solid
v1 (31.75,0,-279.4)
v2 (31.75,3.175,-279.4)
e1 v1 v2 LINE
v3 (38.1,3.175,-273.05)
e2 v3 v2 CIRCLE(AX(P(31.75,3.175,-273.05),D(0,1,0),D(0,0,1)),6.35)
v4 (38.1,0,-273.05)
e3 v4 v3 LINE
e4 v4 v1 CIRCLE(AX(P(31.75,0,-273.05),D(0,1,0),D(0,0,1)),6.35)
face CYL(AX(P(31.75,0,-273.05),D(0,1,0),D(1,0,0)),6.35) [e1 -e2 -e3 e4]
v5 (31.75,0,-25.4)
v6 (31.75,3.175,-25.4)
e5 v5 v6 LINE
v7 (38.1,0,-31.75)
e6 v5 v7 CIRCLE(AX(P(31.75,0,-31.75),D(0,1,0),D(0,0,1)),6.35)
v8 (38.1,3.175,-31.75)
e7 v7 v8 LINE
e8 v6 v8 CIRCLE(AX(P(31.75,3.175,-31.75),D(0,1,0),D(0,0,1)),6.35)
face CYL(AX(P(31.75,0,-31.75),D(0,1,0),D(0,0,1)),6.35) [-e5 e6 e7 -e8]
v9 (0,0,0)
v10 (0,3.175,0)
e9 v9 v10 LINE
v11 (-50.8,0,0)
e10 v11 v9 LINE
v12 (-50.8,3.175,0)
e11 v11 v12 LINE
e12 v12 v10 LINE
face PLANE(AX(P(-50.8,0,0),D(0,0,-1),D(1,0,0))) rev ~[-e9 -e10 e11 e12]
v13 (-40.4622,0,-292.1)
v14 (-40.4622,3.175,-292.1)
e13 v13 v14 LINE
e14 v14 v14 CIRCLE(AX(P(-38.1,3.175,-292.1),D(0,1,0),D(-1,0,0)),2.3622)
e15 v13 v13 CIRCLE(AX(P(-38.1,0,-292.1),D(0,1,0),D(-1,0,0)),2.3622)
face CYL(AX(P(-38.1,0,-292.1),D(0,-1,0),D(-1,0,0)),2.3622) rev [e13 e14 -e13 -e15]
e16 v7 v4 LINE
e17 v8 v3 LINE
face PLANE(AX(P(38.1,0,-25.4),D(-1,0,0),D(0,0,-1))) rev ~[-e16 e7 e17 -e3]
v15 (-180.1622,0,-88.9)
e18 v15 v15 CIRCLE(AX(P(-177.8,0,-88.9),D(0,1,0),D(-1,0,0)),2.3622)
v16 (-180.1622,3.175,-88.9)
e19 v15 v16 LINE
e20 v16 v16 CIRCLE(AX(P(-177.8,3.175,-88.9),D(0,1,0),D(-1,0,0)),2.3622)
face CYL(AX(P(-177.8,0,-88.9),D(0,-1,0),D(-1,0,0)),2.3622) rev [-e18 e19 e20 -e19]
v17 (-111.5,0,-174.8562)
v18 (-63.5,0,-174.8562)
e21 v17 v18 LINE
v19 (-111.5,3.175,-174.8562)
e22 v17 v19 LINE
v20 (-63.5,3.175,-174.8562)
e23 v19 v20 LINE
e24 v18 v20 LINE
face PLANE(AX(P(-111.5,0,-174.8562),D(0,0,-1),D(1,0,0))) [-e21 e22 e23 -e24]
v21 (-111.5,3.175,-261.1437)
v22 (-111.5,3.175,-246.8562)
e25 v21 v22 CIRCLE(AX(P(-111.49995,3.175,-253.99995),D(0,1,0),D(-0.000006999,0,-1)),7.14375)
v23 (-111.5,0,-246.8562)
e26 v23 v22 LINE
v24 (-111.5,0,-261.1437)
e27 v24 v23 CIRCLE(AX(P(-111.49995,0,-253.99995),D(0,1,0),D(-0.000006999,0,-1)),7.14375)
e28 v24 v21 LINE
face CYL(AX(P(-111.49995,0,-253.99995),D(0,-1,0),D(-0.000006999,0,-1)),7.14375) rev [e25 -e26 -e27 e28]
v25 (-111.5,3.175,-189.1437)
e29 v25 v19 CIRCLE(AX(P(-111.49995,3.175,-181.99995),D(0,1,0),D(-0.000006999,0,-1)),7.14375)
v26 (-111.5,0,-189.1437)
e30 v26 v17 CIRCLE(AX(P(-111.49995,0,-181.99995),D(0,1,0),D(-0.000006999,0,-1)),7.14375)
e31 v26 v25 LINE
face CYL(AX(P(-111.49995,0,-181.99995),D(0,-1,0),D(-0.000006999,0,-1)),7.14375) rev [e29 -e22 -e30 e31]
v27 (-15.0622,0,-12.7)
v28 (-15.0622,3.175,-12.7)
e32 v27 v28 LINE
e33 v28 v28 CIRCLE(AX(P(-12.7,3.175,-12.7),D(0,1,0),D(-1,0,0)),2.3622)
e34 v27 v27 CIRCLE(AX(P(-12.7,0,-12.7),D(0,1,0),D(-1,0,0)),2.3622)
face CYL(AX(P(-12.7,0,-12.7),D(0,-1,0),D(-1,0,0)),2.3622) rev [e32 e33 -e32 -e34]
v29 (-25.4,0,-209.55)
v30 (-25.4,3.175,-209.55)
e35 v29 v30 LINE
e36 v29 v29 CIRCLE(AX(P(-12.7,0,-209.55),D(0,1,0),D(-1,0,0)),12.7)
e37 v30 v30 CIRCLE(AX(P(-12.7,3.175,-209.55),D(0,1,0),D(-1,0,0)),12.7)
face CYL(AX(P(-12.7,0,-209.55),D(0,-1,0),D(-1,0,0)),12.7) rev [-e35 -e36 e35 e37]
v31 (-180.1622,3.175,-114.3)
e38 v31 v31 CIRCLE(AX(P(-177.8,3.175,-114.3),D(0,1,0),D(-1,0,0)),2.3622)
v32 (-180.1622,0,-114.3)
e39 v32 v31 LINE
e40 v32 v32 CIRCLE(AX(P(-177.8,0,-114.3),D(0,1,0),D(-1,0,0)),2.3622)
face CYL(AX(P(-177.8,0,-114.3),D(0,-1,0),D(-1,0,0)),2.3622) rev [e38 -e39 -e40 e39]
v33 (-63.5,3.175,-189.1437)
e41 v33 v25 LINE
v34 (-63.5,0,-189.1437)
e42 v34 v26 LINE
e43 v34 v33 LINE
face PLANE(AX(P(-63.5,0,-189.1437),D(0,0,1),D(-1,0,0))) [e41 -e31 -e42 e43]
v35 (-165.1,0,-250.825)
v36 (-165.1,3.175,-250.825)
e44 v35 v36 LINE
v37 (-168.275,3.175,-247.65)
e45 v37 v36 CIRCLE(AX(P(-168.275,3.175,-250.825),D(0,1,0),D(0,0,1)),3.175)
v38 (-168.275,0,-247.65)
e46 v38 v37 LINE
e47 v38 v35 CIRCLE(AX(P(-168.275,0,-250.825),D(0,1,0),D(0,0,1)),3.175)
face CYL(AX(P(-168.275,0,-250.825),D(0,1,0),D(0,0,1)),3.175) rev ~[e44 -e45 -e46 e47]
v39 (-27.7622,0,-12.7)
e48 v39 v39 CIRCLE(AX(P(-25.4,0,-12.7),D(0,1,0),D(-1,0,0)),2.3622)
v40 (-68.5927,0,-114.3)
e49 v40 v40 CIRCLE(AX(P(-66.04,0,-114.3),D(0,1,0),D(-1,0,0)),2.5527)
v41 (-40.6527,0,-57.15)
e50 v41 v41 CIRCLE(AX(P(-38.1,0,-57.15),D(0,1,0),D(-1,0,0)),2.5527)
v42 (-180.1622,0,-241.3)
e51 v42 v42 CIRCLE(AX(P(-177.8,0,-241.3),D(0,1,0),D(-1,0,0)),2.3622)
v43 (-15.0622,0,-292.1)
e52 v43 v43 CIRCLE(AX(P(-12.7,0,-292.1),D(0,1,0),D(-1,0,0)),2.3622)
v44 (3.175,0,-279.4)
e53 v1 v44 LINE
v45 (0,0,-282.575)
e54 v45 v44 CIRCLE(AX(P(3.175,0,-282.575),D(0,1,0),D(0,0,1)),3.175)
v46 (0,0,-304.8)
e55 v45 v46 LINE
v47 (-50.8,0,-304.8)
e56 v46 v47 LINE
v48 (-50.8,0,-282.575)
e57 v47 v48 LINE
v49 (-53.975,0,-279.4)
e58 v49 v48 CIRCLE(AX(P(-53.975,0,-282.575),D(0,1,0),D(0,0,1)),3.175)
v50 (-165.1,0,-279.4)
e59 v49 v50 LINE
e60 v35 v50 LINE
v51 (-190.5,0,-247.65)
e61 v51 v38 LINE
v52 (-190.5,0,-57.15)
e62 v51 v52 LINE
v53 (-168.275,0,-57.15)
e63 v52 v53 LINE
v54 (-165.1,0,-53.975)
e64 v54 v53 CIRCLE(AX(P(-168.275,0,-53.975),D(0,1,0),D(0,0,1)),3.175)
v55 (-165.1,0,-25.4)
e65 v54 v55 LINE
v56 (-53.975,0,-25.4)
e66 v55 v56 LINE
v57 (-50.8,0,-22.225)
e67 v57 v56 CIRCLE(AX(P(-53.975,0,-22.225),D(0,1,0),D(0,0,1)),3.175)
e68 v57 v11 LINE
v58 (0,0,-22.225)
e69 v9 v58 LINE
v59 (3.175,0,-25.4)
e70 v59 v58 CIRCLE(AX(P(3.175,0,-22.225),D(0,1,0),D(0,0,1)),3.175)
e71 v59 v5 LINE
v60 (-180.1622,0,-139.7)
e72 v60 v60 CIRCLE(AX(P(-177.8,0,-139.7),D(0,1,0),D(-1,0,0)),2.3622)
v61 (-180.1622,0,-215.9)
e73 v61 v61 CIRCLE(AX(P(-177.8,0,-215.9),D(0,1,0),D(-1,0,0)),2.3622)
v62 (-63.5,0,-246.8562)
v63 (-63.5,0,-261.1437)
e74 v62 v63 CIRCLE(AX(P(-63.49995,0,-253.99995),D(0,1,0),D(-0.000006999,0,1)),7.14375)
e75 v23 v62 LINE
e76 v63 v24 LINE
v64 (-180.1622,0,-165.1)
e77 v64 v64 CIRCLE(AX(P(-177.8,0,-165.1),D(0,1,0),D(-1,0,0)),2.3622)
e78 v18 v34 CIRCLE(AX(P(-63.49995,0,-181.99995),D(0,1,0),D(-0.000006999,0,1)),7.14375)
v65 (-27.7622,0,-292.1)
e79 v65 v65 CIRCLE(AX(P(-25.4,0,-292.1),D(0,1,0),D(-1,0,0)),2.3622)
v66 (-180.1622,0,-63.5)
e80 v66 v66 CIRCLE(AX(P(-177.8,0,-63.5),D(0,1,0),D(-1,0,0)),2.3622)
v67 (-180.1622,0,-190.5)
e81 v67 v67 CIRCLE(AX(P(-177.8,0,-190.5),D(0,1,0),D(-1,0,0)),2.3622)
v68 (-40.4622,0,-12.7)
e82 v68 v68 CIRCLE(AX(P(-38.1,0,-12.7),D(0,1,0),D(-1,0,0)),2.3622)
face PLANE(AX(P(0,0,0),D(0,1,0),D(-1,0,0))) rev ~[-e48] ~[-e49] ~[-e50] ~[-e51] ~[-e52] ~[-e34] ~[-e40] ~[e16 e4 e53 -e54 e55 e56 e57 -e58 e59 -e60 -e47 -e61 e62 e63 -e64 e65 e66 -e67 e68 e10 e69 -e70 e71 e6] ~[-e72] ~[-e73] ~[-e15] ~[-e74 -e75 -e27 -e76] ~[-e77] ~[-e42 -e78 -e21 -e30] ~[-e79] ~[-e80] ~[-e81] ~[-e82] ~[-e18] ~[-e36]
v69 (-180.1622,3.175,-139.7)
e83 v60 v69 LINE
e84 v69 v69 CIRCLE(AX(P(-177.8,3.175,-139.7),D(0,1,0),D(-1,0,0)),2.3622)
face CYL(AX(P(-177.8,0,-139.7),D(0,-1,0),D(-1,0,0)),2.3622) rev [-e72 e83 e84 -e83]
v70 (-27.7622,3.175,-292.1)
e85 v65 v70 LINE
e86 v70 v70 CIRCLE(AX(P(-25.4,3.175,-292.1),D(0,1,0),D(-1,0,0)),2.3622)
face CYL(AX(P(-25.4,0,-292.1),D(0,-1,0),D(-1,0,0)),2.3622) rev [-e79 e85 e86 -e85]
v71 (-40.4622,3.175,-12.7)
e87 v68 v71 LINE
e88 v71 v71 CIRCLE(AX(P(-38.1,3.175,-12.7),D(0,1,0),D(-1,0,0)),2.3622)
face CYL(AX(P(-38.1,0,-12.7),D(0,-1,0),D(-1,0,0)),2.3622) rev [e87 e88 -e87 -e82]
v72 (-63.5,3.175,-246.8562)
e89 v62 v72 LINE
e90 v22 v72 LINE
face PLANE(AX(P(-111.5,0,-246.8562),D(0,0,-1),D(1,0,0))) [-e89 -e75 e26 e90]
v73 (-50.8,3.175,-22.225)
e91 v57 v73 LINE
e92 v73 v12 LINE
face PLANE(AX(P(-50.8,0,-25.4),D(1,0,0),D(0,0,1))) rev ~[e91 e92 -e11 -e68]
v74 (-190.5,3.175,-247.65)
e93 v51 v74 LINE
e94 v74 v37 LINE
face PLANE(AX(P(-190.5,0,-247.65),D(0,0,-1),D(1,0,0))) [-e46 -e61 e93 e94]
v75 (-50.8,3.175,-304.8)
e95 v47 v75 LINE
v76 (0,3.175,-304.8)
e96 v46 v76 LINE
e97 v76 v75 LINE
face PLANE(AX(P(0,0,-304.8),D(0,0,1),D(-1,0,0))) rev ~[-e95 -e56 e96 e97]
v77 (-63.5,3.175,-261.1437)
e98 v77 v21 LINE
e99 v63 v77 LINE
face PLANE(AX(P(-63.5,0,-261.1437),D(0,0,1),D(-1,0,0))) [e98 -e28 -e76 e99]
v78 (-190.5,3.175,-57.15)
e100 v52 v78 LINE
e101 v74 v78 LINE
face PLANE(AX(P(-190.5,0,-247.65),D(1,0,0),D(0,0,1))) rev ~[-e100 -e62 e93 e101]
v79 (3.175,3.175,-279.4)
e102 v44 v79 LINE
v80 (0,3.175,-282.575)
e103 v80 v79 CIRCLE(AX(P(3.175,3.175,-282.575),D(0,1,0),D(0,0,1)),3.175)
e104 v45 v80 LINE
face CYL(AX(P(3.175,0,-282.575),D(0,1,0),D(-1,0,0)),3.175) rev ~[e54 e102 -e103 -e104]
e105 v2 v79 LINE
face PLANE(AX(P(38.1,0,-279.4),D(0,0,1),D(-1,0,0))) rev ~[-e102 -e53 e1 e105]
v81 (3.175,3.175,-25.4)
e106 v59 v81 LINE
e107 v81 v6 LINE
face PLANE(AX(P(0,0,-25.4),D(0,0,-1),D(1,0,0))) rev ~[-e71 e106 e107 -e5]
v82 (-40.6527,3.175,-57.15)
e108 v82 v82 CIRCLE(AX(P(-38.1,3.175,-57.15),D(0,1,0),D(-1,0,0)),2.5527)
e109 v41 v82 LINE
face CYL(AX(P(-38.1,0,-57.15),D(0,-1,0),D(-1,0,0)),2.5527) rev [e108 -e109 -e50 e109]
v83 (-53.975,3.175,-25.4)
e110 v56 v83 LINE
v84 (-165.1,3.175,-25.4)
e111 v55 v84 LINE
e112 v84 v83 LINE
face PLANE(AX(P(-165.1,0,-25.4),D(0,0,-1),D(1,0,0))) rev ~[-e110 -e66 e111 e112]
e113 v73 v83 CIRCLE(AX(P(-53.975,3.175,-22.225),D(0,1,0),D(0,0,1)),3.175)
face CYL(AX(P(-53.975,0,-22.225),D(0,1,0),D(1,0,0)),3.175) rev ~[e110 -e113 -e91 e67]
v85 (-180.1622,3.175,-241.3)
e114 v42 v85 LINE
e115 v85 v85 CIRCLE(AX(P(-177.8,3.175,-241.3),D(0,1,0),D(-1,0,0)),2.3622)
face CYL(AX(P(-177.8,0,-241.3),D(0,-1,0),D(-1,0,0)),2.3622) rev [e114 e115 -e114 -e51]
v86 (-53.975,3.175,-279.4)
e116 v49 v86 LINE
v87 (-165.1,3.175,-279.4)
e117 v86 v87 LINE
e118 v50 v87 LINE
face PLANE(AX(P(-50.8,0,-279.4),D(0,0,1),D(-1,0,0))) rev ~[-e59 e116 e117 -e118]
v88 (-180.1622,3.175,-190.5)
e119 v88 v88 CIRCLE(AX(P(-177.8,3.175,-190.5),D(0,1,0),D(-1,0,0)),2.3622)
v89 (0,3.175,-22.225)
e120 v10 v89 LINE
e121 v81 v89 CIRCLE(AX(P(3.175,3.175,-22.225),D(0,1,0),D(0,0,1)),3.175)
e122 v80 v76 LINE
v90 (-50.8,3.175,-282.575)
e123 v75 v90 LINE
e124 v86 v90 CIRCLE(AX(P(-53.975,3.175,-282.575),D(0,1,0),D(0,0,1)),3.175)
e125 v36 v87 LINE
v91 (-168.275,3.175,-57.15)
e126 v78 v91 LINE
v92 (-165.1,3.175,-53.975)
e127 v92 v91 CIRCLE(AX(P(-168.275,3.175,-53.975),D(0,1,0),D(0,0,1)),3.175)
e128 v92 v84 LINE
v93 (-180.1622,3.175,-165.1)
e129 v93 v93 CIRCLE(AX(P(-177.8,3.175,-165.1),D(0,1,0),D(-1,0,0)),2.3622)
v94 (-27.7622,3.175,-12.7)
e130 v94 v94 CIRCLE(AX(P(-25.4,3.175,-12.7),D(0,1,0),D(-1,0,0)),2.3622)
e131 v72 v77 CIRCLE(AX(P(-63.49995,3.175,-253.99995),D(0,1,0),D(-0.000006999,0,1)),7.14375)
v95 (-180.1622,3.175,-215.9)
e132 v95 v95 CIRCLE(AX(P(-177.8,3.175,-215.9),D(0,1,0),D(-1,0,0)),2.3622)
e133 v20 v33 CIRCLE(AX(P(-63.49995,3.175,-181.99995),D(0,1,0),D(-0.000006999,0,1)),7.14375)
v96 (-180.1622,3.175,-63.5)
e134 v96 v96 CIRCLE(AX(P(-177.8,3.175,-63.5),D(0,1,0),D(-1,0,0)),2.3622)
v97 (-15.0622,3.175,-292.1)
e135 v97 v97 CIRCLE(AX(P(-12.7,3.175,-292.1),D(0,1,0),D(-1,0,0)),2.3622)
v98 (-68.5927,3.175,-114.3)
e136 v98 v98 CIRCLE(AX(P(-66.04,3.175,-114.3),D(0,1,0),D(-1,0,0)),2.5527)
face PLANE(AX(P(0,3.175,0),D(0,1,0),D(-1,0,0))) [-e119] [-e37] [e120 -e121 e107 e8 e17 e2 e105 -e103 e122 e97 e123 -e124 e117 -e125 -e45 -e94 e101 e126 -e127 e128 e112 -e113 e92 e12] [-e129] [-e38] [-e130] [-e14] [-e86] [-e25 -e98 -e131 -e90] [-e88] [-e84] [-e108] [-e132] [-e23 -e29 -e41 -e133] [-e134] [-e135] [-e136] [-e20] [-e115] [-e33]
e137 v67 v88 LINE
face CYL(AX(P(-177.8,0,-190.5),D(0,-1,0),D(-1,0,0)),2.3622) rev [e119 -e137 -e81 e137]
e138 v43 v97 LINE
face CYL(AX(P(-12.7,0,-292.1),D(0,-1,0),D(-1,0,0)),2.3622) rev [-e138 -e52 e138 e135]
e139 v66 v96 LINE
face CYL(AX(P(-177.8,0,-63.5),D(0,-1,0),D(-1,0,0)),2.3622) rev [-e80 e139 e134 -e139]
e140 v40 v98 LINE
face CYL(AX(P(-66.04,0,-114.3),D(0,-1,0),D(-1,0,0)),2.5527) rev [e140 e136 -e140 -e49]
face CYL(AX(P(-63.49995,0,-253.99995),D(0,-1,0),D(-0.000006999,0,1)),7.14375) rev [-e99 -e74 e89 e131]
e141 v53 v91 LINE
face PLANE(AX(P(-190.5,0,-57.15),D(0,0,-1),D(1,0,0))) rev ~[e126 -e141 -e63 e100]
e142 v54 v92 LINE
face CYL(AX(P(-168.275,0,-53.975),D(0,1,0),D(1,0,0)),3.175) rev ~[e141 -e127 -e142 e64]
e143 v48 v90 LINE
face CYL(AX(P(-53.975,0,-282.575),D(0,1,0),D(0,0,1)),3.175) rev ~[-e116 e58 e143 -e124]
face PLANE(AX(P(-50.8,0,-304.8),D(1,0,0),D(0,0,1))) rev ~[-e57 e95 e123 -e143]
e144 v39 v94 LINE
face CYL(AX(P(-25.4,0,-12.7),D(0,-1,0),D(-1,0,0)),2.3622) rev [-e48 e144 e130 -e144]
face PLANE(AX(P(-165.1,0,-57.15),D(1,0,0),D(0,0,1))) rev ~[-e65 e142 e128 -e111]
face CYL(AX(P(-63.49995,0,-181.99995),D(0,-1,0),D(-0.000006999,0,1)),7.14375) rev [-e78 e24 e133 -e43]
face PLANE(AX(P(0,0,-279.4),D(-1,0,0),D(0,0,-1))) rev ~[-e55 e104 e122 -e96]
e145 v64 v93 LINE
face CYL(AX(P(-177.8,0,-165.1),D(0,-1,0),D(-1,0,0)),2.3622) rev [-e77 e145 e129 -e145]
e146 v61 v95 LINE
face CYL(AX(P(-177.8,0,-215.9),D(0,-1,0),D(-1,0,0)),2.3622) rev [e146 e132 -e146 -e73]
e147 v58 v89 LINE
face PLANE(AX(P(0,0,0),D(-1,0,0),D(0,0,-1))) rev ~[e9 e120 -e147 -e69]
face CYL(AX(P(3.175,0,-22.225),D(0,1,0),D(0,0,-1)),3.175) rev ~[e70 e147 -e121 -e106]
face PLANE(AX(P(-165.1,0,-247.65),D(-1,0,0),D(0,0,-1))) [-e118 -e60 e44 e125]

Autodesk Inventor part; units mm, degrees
ref_plane "YZ Plane" through (0, 0, 0) normal (1, 0, 0) x (0, 1, 0)
ref_plane "XZ Plane" through (0, 0, 0) normal (0, 1, 0) x (-1, 0, 0)
ref_plane "XY Plane" through (0, 0, 0) normal (0, 0, 1) x (1, 0, 0)
sketch "Sketch1" plane through (0, 0, 0) normal (0, 1, 0) x (-1, 0, 0)
  line L0 (-38.1, -25.4) -> (-38.1, -279.4)
  line L1 (0, -304.8) -> (50.8, -304.8)
  line L2 (50.8, -304.8) -> (50.8, -279.4)
  line L3 (50.8, -279.4) -> (190.5, -279.4)
  line L4 (190.5, -279.4) -> (190.5, -25.4)
  line L5 (190.5, -25.4) -> (50.8, -25.4)
  line L6 (50.8, -25.4) -> (50.8, 0)
  line L7 (50.8, 0) -> (0, 0)
  circle A0 centre (38.1, -12.7) radius 2.3622
  circle A1 centre (25.4, -12.7) radius 2.3622
  circle A2 centre (12.7, -12.7) radius 2.3622
  line L8 (-38.1, -152.4) -> (190.5, -152.4) construction
  circle A3 centre (177.8, -139.7) radius 2.3622
  circle A4 centre (177.8, -114.3) radius 2.3622
  circle A5 centre (177.8, -88.9) radius 2.3622
  circle A6 centre (177.8, -63.5) radius 2.3622
  circle A7 centre (38.1, -292.1) radius 2.3622
  circle A8 centre (25.4, -292.1) radius 2.3622
  circle A9 centre (12.7, -292.1) radius 2.3622
  circle A10 centre (177.8, -165.1) radius 2.3622
  circle A11 centre (177.8, -190.5) radius 2.3622
  circle A12 centre (177.8, -215.9) radius 2.3622
  circle A13 centre (177.8, -241.3) radius 2.3622
  line L9 (0, 0) -> (0, -25.4)
  line L10 (0, -25.4) -> (-38.1, -25.4)
  line L11 (-38.1, -279.4) -> (0, -279.4)
  line L12 (0, -279.4) -> (0, -304.8)
  line L13 (190.5, -57.15) -> (165.1, -57.15)
  line L14 (165.1, -57.15) -> (165.1, -25.4)
  line L15 (190.5, -247.65) -> (165.1, -247.65)
  line L16 (165.1, -247.65) -> (165.1, -279.4)
  circle A14 centre (66.04, -114.3) radius 2.5527
  circle A15 centre (38.1, -57.15) radius 2.5527
  circle A16 centre (12.7, -209.55) radius 12.7
  circle A17 centre (12.7, -209.55) radius 28.575 construction
  line L17 (111.5, -254) -> (111.5, -182) construction
  line L18 (111.5, -182) -> (63.5, -182) construction
  line L19 (63.5, -182) -> (63.5, -254) construction
  line L20 (63.5, -254) -> (111.5, -254) construction
  line L21 (111.5, -254) -> (63.5, -254) construction
  line L22 (111.5, -246.8562) -> (63.5, -246.8562)
  line L23 (63.5, -261.1437) -> (111.5, -261.1437)
  arc A18 (111.5, -261.1437) -> (111.5, -246.8562) centre (111.5, -254) ccw
  arc A19 (63.5, -246.8562) -> (63.5, -261.1437) centre (63.5, -254) ccw
  line L24 (111.5, -182) -> (63.5, -182) construction
  line L25 (111.5, -174.8562) -> (63.5, -174.8562)
  line L26 (63.5, -189.1437) -> (111.5, -189.1437)
  arc A20 (111.5, -189.1437) -> (111.5, -174.8562) centre (111.5, -182) ccw
  arc A21 (63.5, -174.8562) -> (63.5, -189.1437) centre (63.5, -182) ccw
  point P0 (177.8, -279.4)
  point P1 (120.65, -279.4)
  point P2 (87.5, -254)
  point P3 (87.5, -182)
  dimension "d0" = 254
  dimension "d1" = 50.8
  dimension "d2" = 25.4
  dimension "d4" = 12.7
  dimension "d5" = 12.7
  dimension "d6" = 12.7
  dimension "d7" = 12.7
  dimension "d8" = 4.7244
  dimension "d9" = 12.7
  dimension "d10" = 12.7
  dimension "d13" = 25.4
  dimension "d20" = 228.6
  dimension "d21" = 38.1
  dimension "d22" = 25.4
  dimension "d23" = 6.35
  dimension "d25" = 5.1054
  dimension "d28" = 57.15
  dimension "d29" = 27.94
  dimension "d31" = 25.4
  dimension "d32" = 57.15
  dimension "d33" = 152.4
  dimension "d34" = 69.85
  dimension "d35" = 72
  dimension "d36" = 48
  dimension "d37" = 14.2875
  dimension "d38" = 14.2875
  dimension "d42" = 38.1
  dimension "d43" = 31.75
  dimension "d44" = 0
  dimension "d45" = 25.4
  dimension "d46" = 63.5
extrude "Extrusion1" add sketch "Sketch1" along normal blind 3.175 contours L10 L9 L7 L6 L5 L14 L13 L4 L15 L16 L3 L2 L1 L12 L11 L0
fillet "Fillet1" radius 3.175 6 edges at (-165.1, 1.5875, -57.15) (-165.1, 1.5875, -247.65) (-50.8, 1.5875, -279.4) (0, 1.5875, -279.4) (0, 1.5875, -25.4) (-50.8, 1.5875, -25.4)
fillet "Fillet2" radius 6.35 2 edges at (38.1, 1.5875, -25.4) (38.1, 1.5875, -279.4)
sketch "Cut Sketch" plane through (0, 3.175, 0) normal (0, 1, 0) x (1, 0, 0)
  arc A0 (38.1, 273.05) -> (31.75, 279.4) centre (31.75, 273.05) ccw projected
  line L0 (31.75, 279.4) -> (3.175, 279.4) projected
  arc A1 (0, 282.575) -> (3.175, 279.4) centre (3.175, 282.575) ccw projected
  line L1 (0, 282.575) -> (0, 304.8) projected
  line L2 (0, 304.8) -> (-50.8, 304.8) projected
  line L3 (-50.8, 304.8) -> (-50.8, 282.575) projected
  arc A2 (-53.975, 279.4) -> (-50.8, 282.575) centre (-53.975, 282.575) ccw projected
  line L4 (-53.975, 279.4) -> (-165.1, 279.4) projected
  line L5 (-165.1, 279.4) -> (-165.1, 250.825) projected
  arc A3 (-168.275, 247.65) -> (-165.1, 250.825) centre (-168.275, 250.825) ccw projected
  line L6 (-168.275, 247.65) -> (-190.5, 247.65) projected
  line L7 (-190.5, 247.65) -> (-190.5, 57.15) projected
  line L8 (-190.5, 57.15) -> (-168.275, 57.15) projected
  arc A4 (-165.1, 53.975) -> (-168.275, 57.15) centre (-168.275, 53.975) ccw projected
  line L9 (-165.1, 53.975) -> (-165.1, 25.4) projected
  line L10 (-165.1, 25.4) -> (-53.975, 25.4) projected
  arc A5 (-50.8, 22.225) -> (-53.975, 25.4) centre (-53.975, 22.225) ccw projected
  line L11 (-50.8, 22.225) -> (-50.8, 0) projected
  line L12 (-50.8, 0) -> (0, 0) projected
  line L13 (0, 0) -> (0, 22.225) projected
  arc A6 (3.175, 25.4) -> (0, 22.225) centre (3.175, 22.225) ccw projected
  line L14 (3.175, 25.4) -> (31.75, 25.4) projected
  arc A7 (31.75, 25.4) -> (38.1, 31.75) centre (31.75, 31.75) ccw projected
  line L15 (38.1, 31.75) -> (38.1, 273.05) projected
  circle A8 centre (-12.7, 209.55) radius 12.7 projected
  circle A9 centre (-66.04, 114.3) radius 2.5527 projected
  circle A10 centre (-25.4, 292.1) radius 2.3622 projected
  circle A11 centre (-177.8, 165.1) radius 2.3622 projected
  circle A12 centre (-177.8, 215.9) radius 2.3622 projected
  circle A13 centre (-177.8, 63.5) radius 2.3622 projected
  circle A14 centre (-177.8, 88.9) radius 2.3622 projected
  circle A15 centre (-177.8, 114.3) radius 2.3622 projected
  circle A16 centre (-177.8, 139.7) radius 2.3622 projected
  circle A17 centre (-12.7, 12.7) radius 2.3622 projected
  circle A18 centre (-25.4, 12.7) radius 2.3622 projected
  circle A19 centre (-38.1, 12.7) radius 2.3622 projected
  circle A20 centre (-177.8, 241.3) radius 2.3622 projected
  circle A21 centre (-177.8, 190.5) radius 2.3622 projected
  circle A22 centre (-38.1, 292.1) radius 2.3622 projected
  circle A23 centre (-12.7, 292.1) radius 2.3622 projected
  circle A24 centre (-38.1, 57.15) radius 2.5527 projected
  arc A25 (-111.5, 189.1437) -> (-111.5, 174.8562) centre (-111.5, 182) ccw projected
  line L16 (-111.5, 189.1437) -> (-63.5, 189.1437) projected
  arc A26 (-63.5, 174.8562) -> (-63.5, 189.1437) centre (-63.5, 182) ccw projected
  line L17 (-63.5, 174.8562) -> (-111.5, 174.8562) projected
  arc A27 (-111.5, 261.1437) -> (-111.5, 246.8562) centre (-111.5, 254) ccw projected
  line L18 (-111.5, 261.1437) -> (-63.5, 261.1437) projected
  arc A28 (-63.5, 246.8562) -> (-63.5, 261.1437) centre (-63.5, 254) ccw projected
  line L19 (-63.5, 246.8562) -> (-111.5, 246.8562) projected
properties part number "1561 Daughter Board"
